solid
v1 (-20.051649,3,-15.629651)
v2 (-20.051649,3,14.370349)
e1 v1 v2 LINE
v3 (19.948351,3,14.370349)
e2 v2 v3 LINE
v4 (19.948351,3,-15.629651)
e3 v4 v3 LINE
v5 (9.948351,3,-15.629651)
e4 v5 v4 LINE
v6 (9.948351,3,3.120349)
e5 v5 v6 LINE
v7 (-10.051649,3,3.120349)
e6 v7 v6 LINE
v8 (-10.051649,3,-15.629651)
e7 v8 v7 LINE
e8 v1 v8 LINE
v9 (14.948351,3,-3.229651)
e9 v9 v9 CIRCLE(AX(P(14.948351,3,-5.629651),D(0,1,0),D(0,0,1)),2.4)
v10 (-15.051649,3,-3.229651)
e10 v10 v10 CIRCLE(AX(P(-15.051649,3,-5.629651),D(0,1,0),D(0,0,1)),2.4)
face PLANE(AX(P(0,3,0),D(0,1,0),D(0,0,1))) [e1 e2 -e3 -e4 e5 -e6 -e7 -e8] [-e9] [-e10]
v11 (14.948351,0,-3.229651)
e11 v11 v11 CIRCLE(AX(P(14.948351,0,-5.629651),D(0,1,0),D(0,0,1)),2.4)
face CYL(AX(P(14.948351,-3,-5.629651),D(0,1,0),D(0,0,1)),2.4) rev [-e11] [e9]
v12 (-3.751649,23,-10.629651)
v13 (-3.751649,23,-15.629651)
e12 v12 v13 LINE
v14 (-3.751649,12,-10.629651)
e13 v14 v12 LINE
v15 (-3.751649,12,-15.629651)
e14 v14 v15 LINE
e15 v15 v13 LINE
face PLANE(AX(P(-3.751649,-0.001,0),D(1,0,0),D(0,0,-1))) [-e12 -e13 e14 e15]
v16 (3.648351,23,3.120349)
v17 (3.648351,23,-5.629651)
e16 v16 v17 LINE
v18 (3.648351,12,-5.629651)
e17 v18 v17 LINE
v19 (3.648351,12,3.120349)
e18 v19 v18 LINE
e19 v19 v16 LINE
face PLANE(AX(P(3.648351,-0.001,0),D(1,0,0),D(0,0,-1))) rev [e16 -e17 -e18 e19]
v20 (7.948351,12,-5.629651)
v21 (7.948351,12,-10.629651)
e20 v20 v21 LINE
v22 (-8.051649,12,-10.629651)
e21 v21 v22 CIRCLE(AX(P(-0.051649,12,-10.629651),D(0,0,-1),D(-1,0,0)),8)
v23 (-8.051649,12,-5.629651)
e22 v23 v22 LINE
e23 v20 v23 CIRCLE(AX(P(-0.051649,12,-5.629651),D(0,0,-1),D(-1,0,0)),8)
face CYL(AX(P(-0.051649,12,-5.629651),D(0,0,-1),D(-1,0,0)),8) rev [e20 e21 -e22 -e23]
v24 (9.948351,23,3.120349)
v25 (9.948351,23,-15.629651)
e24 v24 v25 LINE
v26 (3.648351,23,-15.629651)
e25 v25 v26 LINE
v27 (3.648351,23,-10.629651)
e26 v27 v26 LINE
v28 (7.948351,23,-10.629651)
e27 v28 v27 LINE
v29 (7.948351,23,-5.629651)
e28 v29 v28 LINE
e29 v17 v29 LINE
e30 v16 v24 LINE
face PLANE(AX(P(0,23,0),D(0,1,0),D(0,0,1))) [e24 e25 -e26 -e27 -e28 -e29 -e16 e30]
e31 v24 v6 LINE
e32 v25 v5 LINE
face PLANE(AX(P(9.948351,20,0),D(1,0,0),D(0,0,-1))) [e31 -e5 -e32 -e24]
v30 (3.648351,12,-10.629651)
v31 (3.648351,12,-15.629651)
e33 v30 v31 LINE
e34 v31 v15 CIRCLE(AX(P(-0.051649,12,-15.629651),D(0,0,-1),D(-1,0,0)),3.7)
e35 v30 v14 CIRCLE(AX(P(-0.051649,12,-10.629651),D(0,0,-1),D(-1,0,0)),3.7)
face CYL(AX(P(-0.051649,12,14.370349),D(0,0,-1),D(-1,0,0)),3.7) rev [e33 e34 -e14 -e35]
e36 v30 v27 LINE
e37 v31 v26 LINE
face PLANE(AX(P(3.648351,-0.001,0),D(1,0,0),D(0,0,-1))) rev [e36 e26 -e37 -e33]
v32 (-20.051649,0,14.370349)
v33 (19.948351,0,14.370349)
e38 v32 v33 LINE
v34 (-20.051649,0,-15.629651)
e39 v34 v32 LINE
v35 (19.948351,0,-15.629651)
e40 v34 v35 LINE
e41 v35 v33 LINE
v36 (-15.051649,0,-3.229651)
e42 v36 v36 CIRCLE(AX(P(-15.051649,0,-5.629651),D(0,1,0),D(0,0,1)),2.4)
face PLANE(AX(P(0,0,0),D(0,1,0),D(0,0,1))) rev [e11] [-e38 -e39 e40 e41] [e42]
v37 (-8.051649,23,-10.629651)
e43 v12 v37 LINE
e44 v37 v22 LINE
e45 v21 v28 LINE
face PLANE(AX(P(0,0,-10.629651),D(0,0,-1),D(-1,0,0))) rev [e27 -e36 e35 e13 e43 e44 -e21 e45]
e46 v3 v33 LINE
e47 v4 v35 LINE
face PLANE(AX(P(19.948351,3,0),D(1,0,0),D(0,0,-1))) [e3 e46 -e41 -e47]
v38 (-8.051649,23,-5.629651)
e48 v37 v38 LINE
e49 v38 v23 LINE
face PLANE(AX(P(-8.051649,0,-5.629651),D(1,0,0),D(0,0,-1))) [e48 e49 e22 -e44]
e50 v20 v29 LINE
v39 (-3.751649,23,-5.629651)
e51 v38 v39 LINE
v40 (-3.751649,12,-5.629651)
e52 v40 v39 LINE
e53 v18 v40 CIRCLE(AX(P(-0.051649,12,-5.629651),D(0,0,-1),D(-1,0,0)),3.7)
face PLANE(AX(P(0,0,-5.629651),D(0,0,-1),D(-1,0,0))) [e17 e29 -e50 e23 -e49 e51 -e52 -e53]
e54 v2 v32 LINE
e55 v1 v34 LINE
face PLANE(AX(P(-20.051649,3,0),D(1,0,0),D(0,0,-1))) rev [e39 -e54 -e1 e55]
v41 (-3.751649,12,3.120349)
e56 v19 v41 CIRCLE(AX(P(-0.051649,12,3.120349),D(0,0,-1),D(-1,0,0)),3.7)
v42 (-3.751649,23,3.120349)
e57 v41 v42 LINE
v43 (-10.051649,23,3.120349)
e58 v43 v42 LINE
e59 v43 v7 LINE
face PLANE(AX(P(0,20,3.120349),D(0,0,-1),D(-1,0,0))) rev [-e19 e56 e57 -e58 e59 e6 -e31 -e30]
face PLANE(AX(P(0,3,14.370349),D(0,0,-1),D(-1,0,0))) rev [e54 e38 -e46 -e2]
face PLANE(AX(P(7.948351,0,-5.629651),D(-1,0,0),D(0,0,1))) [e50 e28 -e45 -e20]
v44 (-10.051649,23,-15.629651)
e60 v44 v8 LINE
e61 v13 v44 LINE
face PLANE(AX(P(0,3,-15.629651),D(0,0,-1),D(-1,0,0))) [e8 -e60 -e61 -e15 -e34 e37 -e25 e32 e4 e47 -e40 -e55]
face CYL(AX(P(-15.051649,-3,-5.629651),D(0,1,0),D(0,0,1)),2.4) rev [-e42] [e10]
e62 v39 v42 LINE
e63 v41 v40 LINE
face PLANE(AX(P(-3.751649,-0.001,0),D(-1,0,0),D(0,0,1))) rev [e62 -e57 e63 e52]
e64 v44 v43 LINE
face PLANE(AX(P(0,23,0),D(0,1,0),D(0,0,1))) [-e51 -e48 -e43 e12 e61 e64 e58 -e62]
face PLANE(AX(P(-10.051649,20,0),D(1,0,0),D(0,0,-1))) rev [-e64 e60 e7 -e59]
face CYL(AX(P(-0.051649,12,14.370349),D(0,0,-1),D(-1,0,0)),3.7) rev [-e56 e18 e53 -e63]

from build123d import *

# Parameters (mm, degrees)
ESQUISSE3_W                  = 10
ESQUISSE3_H                  = 15
ESQUISSE3_H_2                = 10
ESQUISSE3_H_3                = 5
BOSS_EXTRU_1_DEPTH           = 3
ESQUISSE4_W                  = 10
ESQUISSE4_H                  = 5
ESQUISSE4_H_2                = 3.75
BOSS_EXTRU_2_DEPTH           = 17
ENL_V_MAT_EXTRU_1_DEPTH      = 5
ENL_V_MAT_EXTRU_2_DEPTH      = 18.75
ESQUISSE8_W                  = 20
ESQUISSE8_H                  = 18.75
ESQUISSE8_W_2                = 16
ESQUISSE8_H_2                = 5
BOSS_EXTRU_3_DEPTH           = 3
ESQUISSE9_R                  = 3.7
ESQUISSE9_R_2                = 3
ENL_V_MAT_EXTRU_3_DEPTH      = 43.790987898
ENL_V_START                  = -6
ESQUISSE10_R                 = 2.4
ESQUISSE10_R_2               = 2
ENL_V_MAT_EXTRU_4_DEPTH      = 6
ENL_V_MAT_EXTRU_5_REACH      = 36.283
ENL_V_MAT_EXTRU_5_END_RADIUS = 3.7
ESQUISSE12_W                 = 3.7
ESQUISSE12_H                 = 5
ESQUISSE12_W_2               = 7.4
ESQUISSE12_H_2               = 8.75


with BuildPart() as part:
    # Esquisse3 → Boss.-Extru.1 (new body)
    with BuildSketch(Plane(origin=(0, 0, 0), x_dir=(1, 0, 0), z_dir=(0, 1, 0))):
        with Locations((-15.05164944, -6.870348765)):
            Rectangle(ESQUISSE3_W, ESQUISSE3_H)
        with Locations((14.94835056, -6.870348765)):
            Rectangle(ESQUISSE3_W, ESQUISSE3_H)
        with BuildLine():
            Line((-10.05164944, 5.629651235), (-10.05164944, 15.629651235))
            Line((-10.05164944, 15.629651235), (-20.05164944, 15.629651235))
            Line((-20.05164944, 15.629651235), (-20.05164944, 5.629651235))
            Line((-20.05164944, 5.629651235), (-17.05164944, 5.629651235))
            ThreePointArc((-17.05164944, 5.629651235), (-15.05164944, 7.629651235), (-13.05164944, 5.629651235))
            Line((-13.05164944, 5.629651235), (-10.05164944, 5.629651235))
        make_face()
        with BuildLine():
            Line((-10.05164944, 0.629651235), (-10.05164944, 5.629651235))
            Line((-10.05164944, 5.629651235), (-13.05164944, 5.629651235))
            ThreePointArc((-13.05164944, 5.629651235), (-15.05164944, 3.629651235), (-17.05164944, 5.629651235))
            Line((-17.05164944, 5.629651235), (-20.05164944, 5.629651235))
            Line((-20.05164944, 5.629651235), (-20.05164944, 0.629651235))
            Line((-20.05164944, 0.629651235), (-10.05164944, 0.629651235))
        make_face()
        with Locations((-5.05164944, 10.629651235)):
            Rectangle(ESQUISSE3_W, ESQUISSE3_H_2)
        with Locations((4.94835056, 10.629651235)):
            Rectangle(ESQUISSE3_W, ESQUISSE3_H_2)
        with BuildLine():
            Line((19.94835056, 15.629651235), (9.94835056, 15.629651235))
            Line((9.94835056, 15.629651235), (9.94835056, 5.629651235))
            Line((9.94835056, 5.629651235), (12.94835056, 5.629651235))
            ThreePointArc((12.94835056, 5.629651235), (14.94835056, 7.629651235), (16.94835056, 5.629651235))
            Line((16.94835056, 5.629651235), (19.94835056, 5.629651235))
            Line((19.94835056, 5.629651235), (19.94835056, 15.629651235))
        make_face()
        with BuildLine():
            Line((12.94835056, 5.629651235), (9.94835056, 5.629651235))
            Line((9.94835056, 5.629651235), (9.94835056, 0.629651235))
            Line((9.94835056, 0.629651235), (19.94835056, 0.629651235))
            Line((19.94835056, 0.629651235), (19.94835056, 5.629651235))
            Line((19.94835056, 5.629651235), (16.94835056, 5.629651235))
            ThreePointArc((16.94835056, 5.629651235), (14.94835056, 3.629651235), (12.94835056, 5.629651235))
        make_face()
        with Locations((4.94835056, -6.870348765)):
            Rectangle(ESQUISSE3_W, ESQUISSE3_H)
        with Locations((-5.05164944, -6.870348765)):
            Rectangle(ESQUISSE3_W, ESQUISSE3_H)
        with Locations((4.94835056, 3.129651235)):
            Rectangle(ESQUISSE3_W, ESQUISSE3_H_3)
        with Locations((-5.05164944, 3.129651235)):
            Rectangle(ESQUISSE3_W, ESQUISSE3_H_3)
    extrude(amount=BOSS_EXTRU_1_DEPTH)

    # Esquisse4 → Boss.-Extru.2 (add)
    with BuildSketch(Plane(origin=(0, 3, 0), x_dir=(1, 0, 0), z_dir=(0, 1, 0))):
        with Locations((-5.05164944, 3.129651235)):
            Rectangle(ESQUISSE4_W, ESQUISSE4_H)
        with Locations((-5.05164944, -1.245348765)):
            Rectangle(ESQUISSE4_W, ESQUISSE4_H_2)
        with Locations((4.94835056, -1.245348765)):
            Rectangle(ESQUISSE4_W, ESQUISSE4_H_2)
        with Locations((4.94835056, 3.129651235)):
            Rectangle(ESQUISSE4_W, ESQUISSE4_H)
        Polygon((-0.05164944, 15.629651235), (-0.05164944, 5.629651235), (9.94835056, 5.629651235), (9.94835056, 8.129651235), align=None)
        Polygon((-10.05164944, 8.129651235), (-10.05164944, 5.629651235), (-0.05164944, 5.629651235), (-0.05164944, 15.629651235), align=None)
        Polygon((-10.05164944, 15.629651235), (-10.05164944, 8.129651235), (-0.05164944, 15.629651235), align=None)
        Polygon((9.94835056, 15.629651235), (-0.05164944, 15.629651235), (9.94835056, 8.129651235), align=None)
    extrude(amount=BOSS_EXTRU_2_DEPTH)

    # Esquisse6 → Enlèv. mat.-Extru.1 (cut)
    with BuildSketch(Plane(origin=(0, 0, -10.629651235), x_dir=(-1, 0, 0), z_dir=(0, 0, -1))):
        with BuildLine():
            Line((8.05164944, 20), (-7.94835056, 20))
            Line((-7.94835056, 20), (-7.94835056, 12))
            ThreePointArc((-7.94835056, 12), (0.05164944, 4), (8.05164944, 12))
            Line((8.05164944, 12), (8.05164944, 20))
        make_face()
    extrude(amount=-ENL_V_MAT_EXTRU_1_DEPTH, mode=Mode.SUBTRACT)

    # Esquisse7 → Enlèv. mat.-Extru.2 (cut)
    with BuildSketch(Plane(origin=(0, 0, -15.629651235), x_dir=(-1, 0, 0), z_dir=(0, 0, -1))):
        with BuildLine():
            ThreePointArc((3.05164944, 12), (2.823288037, 13.148050297), (2.172969783, 14.121320344))
            Line((2.172969783, 14.121320344), (0.05164944, 12))
            Line((0.05164944, 12), (2.172969783, 9.878679656))
            ThreePointArc((2.172969783, 9.878679656), (2.823288037, 10.851949703), (3.05164944, 12))
        make_face()
        with BuildLine():
            Line((0.05164944, 12), (2.172969783, 14.121320344))
            ThreePointArc((2.172969783, 14.121320344), (0.05164944, 15), (-2.069670904, 14.121320344))
            Line((-2.069670904, 14.121320344), (0.05164944, 12))
        make_face()
        with BuildLine():
            ThreePointArc((-2.069670904, 9.878679656), (0.05164944, 9), (2.172969783, 9.878679656))
            Line((2.172969783, 9.878679656), (0.05164944, 12))
            Line((0.05164944, 12), (-2.069670904, 9.878679656))
        make_face()
        with BuildLine():
            Line((0.05164944, 12), (-2.069670904, 14.121320344))
            ThreePointArc((-2.069670904, 14.121320344), (-2.94835056, 12), (-2.069670904, 9.878679656))
            Line((-2.069670904, 9.878679656), (0.05164944, 12))
        make_face()
    extrude(amount=-ENL_V_MAT_EXTRU_2_DEPTH, mode=Mode.SUBTRACT)

    # Esquisse8 → Boss.-Extru.3 (add)
    with BuildSketch(Plane(origin=(0, 20, 0), x_dir=(1, 0, 0), z_dir=(0, 1, 0))):
        with Locations((-0.05164944, 6.254651235)):
            Rectangle(ESQUISSE8_W, ESQUISSE8_H)
        with Locations((-0.05164944, 8.129651235)):
            Rectangle(ESQUISSE8_W_2, ESQUISSE8_H_2, mode=Mode.SUBTRACT)
    extrude(amount=BOSS_EXTRU_3_DEPTH)

    # Esquisse9 → Enlèv. mat.-Extru.3 (cut, through all)
    with BuildSketch(Plane(origin=(0, 0, -15.629651235), x_dir=(-1, 0, 0), z_dir=(0, 0, -1))):
        with Locations((0.05164944, 12)):
            Circle(ESQUISSE9_R)
        with Locations((0.05164944, 12)):
            Circle(ESQUISSE9_R_2, mode=Mode.SUBTRACT)
    extrude(amount=-ENL_V_MAT_EXTRU_3_DEPTH, mode=Mode.SUBTRACT)

    # Esquisse10 → Enlèv. mat.-Extru.4 (cut)
    # profile 1 of 2: a face of its own
    with BuildSketch(Plane(origin=(0, 3, 0), x_dir=(1, 0, 0), z_dir=(0, 1, 0)).offset(ENL_V_START)):
        with Locations(Location((-15.05164944, 5.629651235, 0), (0, 0, 270))):
            Circle(ESQUISSE10_R)
        with Locations((-15.05164944, 5.629651235)):
            Circle(ESQUISSE10_R_2, mode=Mode.SUBTRACT)
    # profile 2 of 2: a face of its own
    with BuildSketch(Plane(origin=(0, 3, 0), x_dir=(1, 0, 0), z_dir=(0, 1, 0)).offset(ENL_V_START)):
        with Locations(Location((14.94835056, 5.629651235, 0), (0, 0, 270))):
            Circle(ESQUISSE10_R)
        with Locations((14.94835056, 5.629651235)):
            Circle(ESQUISSE10_R_2, mode=Mode.SUBTRACT)
    extrude(amount=ENL_V_MAT_EXTRU_4_DEPTH, mode=Mode.SUBTRACT)

    # Enlèv. mat.-Extru.5: up to this cylinder (the profile starts outside it)
    enl_v_mat_extru_5_end = Plane(origin=(-0.05164944, 12, -7.192151), z_dir=(0, 0, -1)) * Cylinder(ENL_V_MAT_EXTRU_5_END_RADIUS, 92.841, mode=Mode.PRIVATE)
    # Esquisse12 → Enlèv. mat.-Extru.5 (cut, up to the surface)
    with BuildSketch(Plane(origin=(0, 23, 0), x_dir=(1, 0, 0), z_dir=(0, 1, 0)), mode=Mode.PRIVATE) as enl_v_mat_extru_5_sk1:
        with Locations((-1.90164944, 13.129651235)):
            Rectangle(ESQUISSE12_W, ESQUISSE12_H)
    enl_v_mat_extru_5_tool1 = extrude(enl_v_mat_extru_5_sk1.sketch, amount=-ENL_V_MAT_EXTRU_5_REACH, mode=Mode.PRIVATE) - enl_v_mat_extru_5_end
    add(enl_v_mat_extru_5_tool1.solids().sort_by_distance((-1.901649, 23, -13.129651))[0], mode=Mode.SUBTRACT)
    # Esquisse12 → Enlèv. mat.-Extru.5 (cut, up to the surface)
    with BuildSketch(Plane(origin=(0, 23, 0), x_dir=(1, 0, 0), z_dir=(0, 1, 0)), mode=Mode.PRIVATE) as enl_v_mat_extru_5_sk2:
        with Locations((1.79835056, 13.129651235)):
            Rectangle(ESQUISSE12_W, ESQUISSE12_H)
    enl_v_mat_extru_5_tool2 = extrude(enl_v_mat_extru_5_sk2.sketch, amount=-ENL_V_MAT_EXTRU_5_REACH, mode=Mode.PRIVATE) - enl_v_mat_extru_5_end
    add(enl_v_mat_extru_5_tool2.solids().sort_by_distance((1.798351, 23, -13.129651))[0], mode=Mode.SUBTRACT)
    # Esquisse12 → Enlèv. mat.-Extru.5 (cut, up to the surface)
    with BuildSketch(Plane(origin=(0, 23, 0), x_dir=(1, 0, 0), z_dir=(0, 1, 0)), mode=Mode.PRIVATE) as enl_v_mat_extru_5_sk3:
        with Locations((-0.05164944, 1.254651235)):
            Rectangle(ESQUISSE12_W_2, ESQUISSE12_H_2)
    enl_v_mat_extru_5_tool3 = extrude(enl_v_mat_extru_5_sk3.sketch, amount=-ENL_V_MAT_EXTRU_5_REACH, mode=Mode.PRIVATE) - enl_v_mat_extru_5_end
    add(enl_v_mat_extru_5_tool3.solids().sort_by_distance((-0.051649, 23, -1.254651))[0], mode=Mode.SUBTRACT)


solid = part.part
